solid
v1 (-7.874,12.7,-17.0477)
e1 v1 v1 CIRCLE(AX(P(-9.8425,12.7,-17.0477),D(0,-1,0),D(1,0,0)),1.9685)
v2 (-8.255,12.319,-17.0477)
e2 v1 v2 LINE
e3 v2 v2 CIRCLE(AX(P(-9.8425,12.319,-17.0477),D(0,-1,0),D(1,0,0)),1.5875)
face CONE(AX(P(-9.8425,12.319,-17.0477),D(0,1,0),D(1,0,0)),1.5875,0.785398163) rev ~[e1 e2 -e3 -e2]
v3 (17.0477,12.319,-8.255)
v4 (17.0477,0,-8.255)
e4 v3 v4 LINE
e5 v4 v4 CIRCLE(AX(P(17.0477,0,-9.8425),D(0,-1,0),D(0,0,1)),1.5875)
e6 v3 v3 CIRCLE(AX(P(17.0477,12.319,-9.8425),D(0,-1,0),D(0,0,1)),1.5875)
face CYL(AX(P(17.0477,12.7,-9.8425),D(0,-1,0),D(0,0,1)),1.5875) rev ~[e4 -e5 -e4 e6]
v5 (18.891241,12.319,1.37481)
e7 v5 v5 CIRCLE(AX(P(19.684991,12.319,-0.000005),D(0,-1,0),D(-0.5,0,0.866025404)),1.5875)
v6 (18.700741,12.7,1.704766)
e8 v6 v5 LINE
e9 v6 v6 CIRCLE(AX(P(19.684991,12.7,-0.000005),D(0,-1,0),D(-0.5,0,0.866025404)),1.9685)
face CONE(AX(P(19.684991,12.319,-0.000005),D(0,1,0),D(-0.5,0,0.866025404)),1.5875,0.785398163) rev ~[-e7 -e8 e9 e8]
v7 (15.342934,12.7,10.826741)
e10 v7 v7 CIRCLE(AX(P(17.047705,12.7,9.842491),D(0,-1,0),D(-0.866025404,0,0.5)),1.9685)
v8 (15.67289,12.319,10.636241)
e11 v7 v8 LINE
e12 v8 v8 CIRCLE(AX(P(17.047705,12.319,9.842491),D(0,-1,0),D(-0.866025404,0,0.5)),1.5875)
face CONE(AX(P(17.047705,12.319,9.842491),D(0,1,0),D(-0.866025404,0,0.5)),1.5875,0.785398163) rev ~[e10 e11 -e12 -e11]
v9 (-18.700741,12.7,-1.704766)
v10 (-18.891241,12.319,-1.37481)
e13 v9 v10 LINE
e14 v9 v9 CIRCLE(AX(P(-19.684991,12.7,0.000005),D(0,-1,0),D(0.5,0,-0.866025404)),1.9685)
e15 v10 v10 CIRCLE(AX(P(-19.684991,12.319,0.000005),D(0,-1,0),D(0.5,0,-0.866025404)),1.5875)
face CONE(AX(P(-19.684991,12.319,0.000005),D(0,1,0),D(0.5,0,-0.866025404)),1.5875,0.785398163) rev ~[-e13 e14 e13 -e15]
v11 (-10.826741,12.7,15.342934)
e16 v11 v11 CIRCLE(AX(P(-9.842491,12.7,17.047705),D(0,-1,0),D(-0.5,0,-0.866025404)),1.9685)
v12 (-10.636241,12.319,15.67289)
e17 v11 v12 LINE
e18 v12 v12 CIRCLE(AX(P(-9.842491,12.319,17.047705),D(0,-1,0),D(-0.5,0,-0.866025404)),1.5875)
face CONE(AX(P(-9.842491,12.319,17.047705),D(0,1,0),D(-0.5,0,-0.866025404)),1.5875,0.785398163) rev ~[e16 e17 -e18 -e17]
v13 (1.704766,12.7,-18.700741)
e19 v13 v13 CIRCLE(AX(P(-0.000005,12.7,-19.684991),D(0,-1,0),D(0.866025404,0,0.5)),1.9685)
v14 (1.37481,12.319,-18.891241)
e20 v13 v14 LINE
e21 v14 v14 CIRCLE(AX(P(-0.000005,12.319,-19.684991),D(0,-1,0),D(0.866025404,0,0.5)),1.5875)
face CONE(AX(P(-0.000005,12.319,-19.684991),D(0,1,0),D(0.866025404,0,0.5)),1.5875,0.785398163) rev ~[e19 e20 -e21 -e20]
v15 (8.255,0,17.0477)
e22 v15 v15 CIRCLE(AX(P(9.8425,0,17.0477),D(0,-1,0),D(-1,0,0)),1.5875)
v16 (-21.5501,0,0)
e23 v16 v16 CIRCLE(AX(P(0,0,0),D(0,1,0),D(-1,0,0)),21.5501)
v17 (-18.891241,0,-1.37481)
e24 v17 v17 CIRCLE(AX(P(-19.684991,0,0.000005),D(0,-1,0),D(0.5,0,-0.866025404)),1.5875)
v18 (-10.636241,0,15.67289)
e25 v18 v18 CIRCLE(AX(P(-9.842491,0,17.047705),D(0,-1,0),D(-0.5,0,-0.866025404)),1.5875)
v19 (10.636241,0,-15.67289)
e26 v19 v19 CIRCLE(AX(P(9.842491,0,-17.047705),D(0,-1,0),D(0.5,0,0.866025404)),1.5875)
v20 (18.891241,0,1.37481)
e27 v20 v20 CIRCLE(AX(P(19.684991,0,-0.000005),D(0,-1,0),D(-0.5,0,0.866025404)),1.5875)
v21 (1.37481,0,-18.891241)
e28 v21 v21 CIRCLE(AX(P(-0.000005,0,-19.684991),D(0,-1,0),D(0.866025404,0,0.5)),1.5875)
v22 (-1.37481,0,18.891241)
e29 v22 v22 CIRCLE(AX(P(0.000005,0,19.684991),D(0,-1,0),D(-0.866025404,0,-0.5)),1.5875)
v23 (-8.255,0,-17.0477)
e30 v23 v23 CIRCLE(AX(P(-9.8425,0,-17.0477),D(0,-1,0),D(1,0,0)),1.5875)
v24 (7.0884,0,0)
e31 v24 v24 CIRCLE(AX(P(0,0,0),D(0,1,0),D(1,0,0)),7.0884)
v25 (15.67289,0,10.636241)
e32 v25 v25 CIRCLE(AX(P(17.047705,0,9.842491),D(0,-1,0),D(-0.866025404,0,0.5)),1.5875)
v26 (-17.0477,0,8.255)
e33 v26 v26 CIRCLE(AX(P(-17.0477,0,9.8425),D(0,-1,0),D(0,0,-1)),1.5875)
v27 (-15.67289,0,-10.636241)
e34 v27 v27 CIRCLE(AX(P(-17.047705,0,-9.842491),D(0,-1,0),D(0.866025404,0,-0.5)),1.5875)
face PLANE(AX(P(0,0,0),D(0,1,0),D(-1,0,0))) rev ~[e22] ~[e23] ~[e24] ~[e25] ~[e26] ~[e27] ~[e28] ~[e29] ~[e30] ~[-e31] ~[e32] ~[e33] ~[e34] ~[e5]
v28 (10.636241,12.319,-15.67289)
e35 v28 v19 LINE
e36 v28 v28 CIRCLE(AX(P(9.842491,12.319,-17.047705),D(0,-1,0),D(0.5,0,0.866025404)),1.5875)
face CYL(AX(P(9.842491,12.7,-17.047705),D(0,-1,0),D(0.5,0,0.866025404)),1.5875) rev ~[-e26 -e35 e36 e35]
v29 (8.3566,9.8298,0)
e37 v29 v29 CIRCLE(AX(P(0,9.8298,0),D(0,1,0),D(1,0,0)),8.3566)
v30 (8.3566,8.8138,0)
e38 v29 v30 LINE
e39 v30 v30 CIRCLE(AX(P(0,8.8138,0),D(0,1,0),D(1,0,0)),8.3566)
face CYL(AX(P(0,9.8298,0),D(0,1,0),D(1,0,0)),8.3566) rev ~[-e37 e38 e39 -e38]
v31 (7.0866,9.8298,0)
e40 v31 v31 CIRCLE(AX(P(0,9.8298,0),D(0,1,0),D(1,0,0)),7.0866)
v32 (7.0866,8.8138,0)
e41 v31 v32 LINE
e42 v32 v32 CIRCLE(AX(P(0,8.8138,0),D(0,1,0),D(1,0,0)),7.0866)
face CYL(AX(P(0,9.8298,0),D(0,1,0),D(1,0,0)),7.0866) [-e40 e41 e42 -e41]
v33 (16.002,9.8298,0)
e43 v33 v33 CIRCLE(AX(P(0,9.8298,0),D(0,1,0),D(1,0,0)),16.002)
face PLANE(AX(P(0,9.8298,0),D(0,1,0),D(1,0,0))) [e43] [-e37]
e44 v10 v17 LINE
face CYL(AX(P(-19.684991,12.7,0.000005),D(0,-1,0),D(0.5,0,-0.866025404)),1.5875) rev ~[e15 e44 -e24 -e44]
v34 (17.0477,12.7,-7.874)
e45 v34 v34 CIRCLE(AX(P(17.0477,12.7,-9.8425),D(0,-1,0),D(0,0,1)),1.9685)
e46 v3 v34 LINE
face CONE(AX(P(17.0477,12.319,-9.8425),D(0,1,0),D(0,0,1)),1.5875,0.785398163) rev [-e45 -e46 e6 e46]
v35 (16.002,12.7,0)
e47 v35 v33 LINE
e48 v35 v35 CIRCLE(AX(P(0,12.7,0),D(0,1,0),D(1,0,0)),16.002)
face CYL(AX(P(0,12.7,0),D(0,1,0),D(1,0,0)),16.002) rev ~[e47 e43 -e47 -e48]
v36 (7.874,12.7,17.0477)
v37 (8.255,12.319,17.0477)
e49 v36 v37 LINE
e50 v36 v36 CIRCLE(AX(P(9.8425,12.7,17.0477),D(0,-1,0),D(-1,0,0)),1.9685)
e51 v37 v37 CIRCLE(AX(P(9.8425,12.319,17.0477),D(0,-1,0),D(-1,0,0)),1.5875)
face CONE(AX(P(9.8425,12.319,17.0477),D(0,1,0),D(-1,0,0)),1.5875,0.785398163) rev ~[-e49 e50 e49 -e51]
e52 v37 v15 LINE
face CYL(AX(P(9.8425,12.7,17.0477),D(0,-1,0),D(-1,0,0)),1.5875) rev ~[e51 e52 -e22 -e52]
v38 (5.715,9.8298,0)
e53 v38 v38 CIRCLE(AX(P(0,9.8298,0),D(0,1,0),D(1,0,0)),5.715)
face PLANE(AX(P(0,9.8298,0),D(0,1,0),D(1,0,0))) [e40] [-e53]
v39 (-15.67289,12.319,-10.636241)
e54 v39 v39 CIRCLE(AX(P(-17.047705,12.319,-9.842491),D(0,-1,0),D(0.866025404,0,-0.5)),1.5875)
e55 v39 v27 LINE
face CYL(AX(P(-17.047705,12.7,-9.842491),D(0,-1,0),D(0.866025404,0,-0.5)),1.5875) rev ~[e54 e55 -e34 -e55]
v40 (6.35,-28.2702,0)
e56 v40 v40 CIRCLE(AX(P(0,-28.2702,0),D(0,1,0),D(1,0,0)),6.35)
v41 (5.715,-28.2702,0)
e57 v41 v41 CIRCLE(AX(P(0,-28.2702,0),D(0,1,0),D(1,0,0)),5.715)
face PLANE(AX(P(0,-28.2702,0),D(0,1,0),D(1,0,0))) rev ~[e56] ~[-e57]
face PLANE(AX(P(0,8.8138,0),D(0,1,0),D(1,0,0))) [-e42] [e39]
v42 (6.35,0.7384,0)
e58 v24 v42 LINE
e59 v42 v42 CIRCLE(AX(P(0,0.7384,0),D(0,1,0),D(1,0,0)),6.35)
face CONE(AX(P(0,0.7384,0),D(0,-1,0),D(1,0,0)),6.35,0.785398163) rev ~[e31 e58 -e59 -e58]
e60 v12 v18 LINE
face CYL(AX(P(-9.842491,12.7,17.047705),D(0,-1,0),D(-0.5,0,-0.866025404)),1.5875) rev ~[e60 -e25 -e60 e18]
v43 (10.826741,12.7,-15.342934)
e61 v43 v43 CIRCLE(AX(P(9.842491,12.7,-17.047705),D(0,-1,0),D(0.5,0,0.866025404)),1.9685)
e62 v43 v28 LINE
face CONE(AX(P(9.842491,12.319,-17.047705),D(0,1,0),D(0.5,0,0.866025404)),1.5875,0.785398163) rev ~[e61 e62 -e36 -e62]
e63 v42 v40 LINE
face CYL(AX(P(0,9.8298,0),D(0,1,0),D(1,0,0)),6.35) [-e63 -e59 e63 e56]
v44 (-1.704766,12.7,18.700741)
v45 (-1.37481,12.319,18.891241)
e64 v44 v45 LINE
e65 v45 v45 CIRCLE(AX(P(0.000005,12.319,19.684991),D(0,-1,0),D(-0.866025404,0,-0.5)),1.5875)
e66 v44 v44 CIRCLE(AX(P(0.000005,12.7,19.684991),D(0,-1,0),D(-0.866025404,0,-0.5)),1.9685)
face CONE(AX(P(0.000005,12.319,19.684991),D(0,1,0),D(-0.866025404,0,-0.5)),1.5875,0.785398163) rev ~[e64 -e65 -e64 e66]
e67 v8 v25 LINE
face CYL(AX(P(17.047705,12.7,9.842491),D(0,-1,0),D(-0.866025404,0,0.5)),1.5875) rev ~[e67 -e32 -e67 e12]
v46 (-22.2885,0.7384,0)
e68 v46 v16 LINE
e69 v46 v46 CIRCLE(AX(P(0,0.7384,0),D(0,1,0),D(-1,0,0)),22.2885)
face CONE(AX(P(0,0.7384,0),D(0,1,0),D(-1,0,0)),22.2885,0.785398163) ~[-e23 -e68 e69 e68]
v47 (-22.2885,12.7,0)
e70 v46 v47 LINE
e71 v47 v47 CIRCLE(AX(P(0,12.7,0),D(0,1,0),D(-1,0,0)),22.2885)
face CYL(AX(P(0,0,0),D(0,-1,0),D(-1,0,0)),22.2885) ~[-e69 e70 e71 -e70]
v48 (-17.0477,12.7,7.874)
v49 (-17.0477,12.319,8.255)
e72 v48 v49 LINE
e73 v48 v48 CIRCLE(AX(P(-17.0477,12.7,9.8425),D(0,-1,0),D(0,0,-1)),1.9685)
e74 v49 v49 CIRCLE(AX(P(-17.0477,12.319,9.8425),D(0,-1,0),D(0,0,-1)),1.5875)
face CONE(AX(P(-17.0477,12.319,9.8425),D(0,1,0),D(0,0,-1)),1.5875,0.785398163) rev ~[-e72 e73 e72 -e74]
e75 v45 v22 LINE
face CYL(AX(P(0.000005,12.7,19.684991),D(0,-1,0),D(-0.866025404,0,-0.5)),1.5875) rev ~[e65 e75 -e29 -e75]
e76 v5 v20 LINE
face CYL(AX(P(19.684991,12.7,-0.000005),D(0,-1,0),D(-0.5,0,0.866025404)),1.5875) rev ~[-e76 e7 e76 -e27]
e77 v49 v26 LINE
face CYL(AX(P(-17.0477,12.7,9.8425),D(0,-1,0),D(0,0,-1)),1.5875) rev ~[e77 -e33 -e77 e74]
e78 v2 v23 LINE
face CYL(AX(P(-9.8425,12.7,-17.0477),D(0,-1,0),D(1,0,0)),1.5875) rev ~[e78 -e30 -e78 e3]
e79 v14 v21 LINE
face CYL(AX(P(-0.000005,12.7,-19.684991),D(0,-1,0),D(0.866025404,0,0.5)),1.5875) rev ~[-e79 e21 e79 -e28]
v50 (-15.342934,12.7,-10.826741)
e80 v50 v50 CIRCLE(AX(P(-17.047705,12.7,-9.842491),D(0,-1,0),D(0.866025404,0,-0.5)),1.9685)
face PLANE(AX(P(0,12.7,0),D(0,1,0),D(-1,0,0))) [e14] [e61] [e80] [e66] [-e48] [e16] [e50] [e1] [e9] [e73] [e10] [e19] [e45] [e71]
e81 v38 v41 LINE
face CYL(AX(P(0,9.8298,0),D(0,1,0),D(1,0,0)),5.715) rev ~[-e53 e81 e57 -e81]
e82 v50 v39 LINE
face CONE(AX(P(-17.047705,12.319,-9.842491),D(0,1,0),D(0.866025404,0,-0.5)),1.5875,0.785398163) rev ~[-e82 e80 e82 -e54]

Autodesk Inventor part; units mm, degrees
ref_plane "YZ Plane" through (0, 0, 0) normal (1, 0, 0) x (0, 1, 0)
ref_plane "XZ Plane" through (0, 0, 0) normal (0, 1, 0) x (-1, 0, 0)
ref_plane "XY Plane" through (0, 0, 0) normal (0, 0, 1) x (1, 0, 0)
sketch "Sketch1" plane through (0, 0, 0) normal (0, 1, 0) x (-1, 0, 0)
  circle A0 centre (0, 0) radius 22.2885
  dimension "d0" = 44.577
extrude "Extrusion1" add sketch "Sketch1" along normal blind 12.7
chamfer "Chamfer1" distance 0.7384 angle 45 1 edges at (22.2885, 0, 0)
sketch "Sketch2" plane through (0, 12.7, 0) normal (0, 1, 0) x (1, 0, 0)
  circle A0 centre (0, 0) radius 16.002
  dimension "d6" = 32.004
extrude "Extrusion2" cut sketch "Sketch2" against normal blind 2.8702
sketch "Sketch3" plane through (0, 9.8298, 0) normal (0, 1, 0) x (1, 0, 0)
  circle A0 centre (0, 0) radius 8.3566
  circle A1 centre (0, 0) radius 7.0866
  dimension "d9" = 16.7132
  dimension "d10" = 1.27
extrude "Extrusion3" cut sketch "Sketch3" against normal blind 1.016
sketch "Sketch4" plane through (0, 9.8298, 0) normal (0, 1, 0) x (1, 0, 0)
  circle A0 centre (0, 0) radius 6.35
  dimension "d13" = 12.7
extrude "Extrusion4" cut sketch "Sketch4" against normal up to surface (9.8298 mm away)
chamfer "Chamfer2" distance 0.7384 angle 45 1 edges at (-6.35, 0, 0)
sketch "Sketch5" plane through (0, 9.8298, 0) normal (0, 1, 0) x (1, 0, 0)
  circle A0 centre (0, 0) radius 6.35
  circle A1 centre (0, 0) radius 5.715
  circle A2 centre (0, 0) radius 6.35 projected
  dimension "d19" = 11.43
extrude "Extrusion5" add sketch "Sketch5" against normal blind 38.1
sketch "Sketch6" plane through (0, 12.7, 0) normal (0, 1, 0) x (1, 0, 0)
  line L0 (0, 0) -> (17.0477, 9.8425) construction
  line L1 (0, 0) -> (19.685, 0) construction
  dimension "d22" = 19.685
  dimension "d23" = 30
hole "Hole1" at (17.0477, 12.7, -9.8425) direction (0, -1, 0) diameter 3.175 end through all
chamfer "Chamfer3" distance 0.381 angle 45 1 edges at (17.0477, 12.7, -11.43)
pattern_circular "Circular Pattern1" count 12 over 360 about axis through (0, 0, 0) along (0, 1, 0) of "Hole1", "Chamfer3"
properties part number "universal connector" material "Stainless Steel AISI 304"
